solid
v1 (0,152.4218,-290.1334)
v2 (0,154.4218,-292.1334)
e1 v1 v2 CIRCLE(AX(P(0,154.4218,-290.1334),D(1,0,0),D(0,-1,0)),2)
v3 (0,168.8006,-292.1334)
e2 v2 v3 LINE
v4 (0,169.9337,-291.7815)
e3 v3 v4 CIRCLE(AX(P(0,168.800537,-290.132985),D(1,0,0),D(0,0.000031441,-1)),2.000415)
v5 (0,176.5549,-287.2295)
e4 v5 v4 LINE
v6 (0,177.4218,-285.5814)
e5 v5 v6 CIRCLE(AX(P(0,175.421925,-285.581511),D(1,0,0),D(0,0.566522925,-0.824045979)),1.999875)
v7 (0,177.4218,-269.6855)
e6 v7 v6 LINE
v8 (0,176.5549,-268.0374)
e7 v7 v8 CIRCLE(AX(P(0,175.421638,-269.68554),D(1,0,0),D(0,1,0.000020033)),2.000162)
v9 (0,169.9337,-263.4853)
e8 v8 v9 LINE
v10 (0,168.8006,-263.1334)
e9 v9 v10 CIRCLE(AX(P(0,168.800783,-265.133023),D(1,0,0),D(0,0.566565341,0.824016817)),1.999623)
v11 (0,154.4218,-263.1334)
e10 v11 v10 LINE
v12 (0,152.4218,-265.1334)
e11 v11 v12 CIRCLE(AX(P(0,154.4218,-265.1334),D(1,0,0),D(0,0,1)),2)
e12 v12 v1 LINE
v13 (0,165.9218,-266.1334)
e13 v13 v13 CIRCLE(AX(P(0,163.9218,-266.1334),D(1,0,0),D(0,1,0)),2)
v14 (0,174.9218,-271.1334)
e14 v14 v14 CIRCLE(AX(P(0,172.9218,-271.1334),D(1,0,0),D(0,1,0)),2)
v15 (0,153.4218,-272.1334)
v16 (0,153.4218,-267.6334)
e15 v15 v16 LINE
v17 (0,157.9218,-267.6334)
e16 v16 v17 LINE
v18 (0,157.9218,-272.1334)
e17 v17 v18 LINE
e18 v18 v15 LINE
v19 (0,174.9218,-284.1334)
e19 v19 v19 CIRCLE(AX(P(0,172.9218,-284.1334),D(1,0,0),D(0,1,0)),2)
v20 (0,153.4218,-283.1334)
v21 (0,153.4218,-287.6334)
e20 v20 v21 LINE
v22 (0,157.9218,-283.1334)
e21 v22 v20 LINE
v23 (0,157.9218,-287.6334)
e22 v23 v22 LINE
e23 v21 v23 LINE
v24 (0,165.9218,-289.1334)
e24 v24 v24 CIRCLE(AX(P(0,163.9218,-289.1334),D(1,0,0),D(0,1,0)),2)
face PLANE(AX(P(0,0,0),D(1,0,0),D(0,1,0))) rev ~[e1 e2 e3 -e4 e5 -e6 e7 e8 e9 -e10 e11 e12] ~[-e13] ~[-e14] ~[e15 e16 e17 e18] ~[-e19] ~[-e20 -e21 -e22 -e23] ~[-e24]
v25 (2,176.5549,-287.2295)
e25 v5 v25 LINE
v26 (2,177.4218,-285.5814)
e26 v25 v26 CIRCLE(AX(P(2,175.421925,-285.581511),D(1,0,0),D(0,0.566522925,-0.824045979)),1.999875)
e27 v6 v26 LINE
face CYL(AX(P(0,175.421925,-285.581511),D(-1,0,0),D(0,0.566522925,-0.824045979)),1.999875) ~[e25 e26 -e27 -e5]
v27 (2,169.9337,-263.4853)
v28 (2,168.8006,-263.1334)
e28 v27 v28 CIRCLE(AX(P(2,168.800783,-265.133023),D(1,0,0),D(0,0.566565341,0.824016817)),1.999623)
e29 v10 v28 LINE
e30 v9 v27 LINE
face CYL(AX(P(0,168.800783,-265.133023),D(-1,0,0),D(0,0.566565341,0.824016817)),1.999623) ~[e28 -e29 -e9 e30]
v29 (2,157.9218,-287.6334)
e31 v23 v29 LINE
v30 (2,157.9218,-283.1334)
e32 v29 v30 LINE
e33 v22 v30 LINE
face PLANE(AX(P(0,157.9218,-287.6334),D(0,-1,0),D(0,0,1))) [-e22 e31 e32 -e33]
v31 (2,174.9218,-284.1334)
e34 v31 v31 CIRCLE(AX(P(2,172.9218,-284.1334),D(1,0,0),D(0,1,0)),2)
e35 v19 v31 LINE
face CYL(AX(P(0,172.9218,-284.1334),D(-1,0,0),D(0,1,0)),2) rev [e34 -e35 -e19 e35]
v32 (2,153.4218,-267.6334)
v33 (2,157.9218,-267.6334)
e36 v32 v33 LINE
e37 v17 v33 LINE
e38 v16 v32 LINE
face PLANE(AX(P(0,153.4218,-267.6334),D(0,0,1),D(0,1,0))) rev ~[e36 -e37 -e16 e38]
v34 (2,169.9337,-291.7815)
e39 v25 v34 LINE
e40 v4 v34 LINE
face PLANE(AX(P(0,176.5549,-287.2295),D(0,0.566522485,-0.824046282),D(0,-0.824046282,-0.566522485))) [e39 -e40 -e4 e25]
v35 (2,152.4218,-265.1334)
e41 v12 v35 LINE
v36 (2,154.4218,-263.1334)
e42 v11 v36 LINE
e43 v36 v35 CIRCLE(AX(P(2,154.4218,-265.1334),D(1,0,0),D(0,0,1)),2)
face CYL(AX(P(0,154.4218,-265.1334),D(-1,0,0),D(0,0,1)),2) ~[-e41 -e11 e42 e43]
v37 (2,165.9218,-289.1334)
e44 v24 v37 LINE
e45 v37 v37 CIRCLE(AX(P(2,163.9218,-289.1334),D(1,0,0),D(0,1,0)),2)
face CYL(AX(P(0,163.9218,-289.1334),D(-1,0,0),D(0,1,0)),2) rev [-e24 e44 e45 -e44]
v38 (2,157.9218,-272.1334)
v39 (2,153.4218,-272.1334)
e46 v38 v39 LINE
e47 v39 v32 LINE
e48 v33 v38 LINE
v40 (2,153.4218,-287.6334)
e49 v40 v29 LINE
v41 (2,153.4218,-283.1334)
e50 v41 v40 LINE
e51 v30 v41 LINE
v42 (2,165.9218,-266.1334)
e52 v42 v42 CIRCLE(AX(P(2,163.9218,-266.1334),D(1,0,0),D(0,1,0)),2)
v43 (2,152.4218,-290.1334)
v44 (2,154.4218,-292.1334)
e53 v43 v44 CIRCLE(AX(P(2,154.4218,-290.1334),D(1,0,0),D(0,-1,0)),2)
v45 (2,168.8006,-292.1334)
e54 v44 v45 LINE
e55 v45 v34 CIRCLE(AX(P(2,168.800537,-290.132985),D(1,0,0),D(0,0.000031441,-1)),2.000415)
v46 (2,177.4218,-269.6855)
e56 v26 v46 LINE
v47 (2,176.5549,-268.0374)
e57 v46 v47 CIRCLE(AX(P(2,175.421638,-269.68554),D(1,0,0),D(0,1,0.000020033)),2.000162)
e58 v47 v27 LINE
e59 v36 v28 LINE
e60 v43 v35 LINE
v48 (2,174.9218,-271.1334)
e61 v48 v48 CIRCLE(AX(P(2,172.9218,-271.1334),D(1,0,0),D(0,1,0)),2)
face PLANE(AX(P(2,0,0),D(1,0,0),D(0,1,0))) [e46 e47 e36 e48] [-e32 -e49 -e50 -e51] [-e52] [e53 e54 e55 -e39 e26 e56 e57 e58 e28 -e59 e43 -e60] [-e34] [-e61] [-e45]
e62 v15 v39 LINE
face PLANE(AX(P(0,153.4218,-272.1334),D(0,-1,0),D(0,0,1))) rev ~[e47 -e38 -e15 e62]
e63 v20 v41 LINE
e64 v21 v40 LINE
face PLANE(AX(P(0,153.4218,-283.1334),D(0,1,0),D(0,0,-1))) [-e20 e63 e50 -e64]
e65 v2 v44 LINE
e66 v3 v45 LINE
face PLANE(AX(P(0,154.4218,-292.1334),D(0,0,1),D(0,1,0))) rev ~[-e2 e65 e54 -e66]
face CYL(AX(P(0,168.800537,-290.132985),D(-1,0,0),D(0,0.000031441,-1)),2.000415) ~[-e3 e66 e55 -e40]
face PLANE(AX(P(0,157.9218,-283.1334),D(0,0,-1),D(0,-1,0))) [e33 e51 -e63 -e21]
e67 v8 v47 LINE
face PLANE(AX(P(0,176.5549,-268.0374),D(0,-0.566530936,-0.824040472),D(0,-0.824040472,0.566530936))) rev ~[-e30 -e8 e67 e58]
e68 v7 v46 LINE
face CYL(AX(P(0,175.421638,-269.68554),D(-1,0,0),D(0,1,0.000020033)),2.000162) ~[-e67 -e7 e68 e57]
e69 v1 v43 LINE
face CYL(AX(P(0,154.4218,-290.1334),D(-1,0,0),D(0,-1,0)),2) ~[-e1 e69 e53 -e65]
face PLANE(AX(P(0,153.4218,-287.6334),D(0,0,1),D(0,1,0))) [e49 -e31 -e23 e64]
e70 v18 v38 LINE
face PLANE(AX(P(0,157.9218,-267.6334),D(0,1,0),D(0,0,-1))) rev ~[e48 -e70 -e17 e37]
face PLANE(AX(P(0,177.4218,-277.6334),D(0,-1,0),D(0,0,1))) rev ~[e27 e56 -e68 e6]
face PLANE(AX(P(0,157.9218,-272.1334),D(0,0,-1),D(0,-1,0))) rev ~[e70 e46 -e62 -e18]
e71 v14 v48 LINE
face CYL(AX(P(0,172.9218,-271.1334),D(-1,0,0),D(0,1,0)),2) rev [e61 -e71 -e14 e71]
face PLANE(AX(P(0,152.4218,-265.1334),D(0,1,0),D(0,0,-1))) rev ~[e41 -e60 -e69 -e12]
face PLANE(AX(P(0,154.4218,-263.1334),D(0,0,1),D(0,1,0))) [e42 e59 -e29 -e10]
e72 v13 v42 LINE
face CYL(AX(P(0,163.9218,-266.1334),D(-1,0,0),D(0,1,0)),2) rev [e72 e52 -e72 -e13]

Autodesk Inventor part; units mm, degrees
ref_plane "YZ Plane" through (0, 0, 0) normal (1, 0, 0) x (0, 1, 0)
ref_plane "XZ Plane" through (0, 0, 0) normal (0, 1, 0) x (-1, 0, 0)
ref_plane "XY Plane" through (0, 0, 0) normal (0, 0, 1) x (1, 0, 0)
sketch "Эскиз1" plane through (0, 0, 0) normal (1, 0, 0) x (0, 1, 0)
  line L0 (152.4218, -265.1334) -> (152.4218, -277.6334)
  line L1 (152.4218, -277.6334) -> (177.4218, -277.6334)
  line L2 (177.4218, -277.6334) -> (177.4218, -269.6855)
  line L3 (176.5549, -268.0374) -> (169.9337, -263.4853)
  line L4 (154.4218, -263.1334) -> (168.8006, -263.1334)
  line L5 (153.4218, -267.6334) -> (157.9218, -267.6334)
  line L6 (157.9218, -267.6334) -> (157.9218, -272.1334)
  line L7 (157.9218, -272.1334) -> (153.4218, -272.1334)
  line L8 (153.4218, -272.1334) -> (153.4218, -267.6334)
  line L9 (177.4218, -277.6334) -> (177.4218, -269.6855)
  line L10 (176.5549, -268.0374) -> (169.9337, -263.4853)
  circle A0 centre (163.9218, -266.1334) radius 2
  circle A1 centre (172.9218, -271.1334) radius 2
  arc A2 (154.4218, -263.1334) -> (152.4218, -265.1334) centre (154.4218, -265.1334) ccw
  arc A3 (169.9337, -263.4853) -> (168.8006, -263.1334) centre (168.8006, -265.1334) ccw
  arc A4 (177.4218, -269.6855) -> (176.5549, -268.0374) centre (175.4218, -269.6855) ccw
  line L11 (152.4218, -290.1334) -> (152.4218, -277.6334)
  line L12 (177.4218, -277.6334) -> (177.4218, -285.5814)
  line L13 (176.5549, -287.2295) -> (169.9337, -291.7815)
  circle A5 centre (172.9218, -284.1334) radius 2
  circle A6 centre (163.9218, -289.1334) radius 2
  line L14 (157.9218, -287.6334) -> (157.9218, -283.1334)
  line L15 (157.9218, -283.1334) -> (153.4218, -283.1334)
  line L16 (153.4218, -283.1334) -> (153.4218, -287.6334)
  line L17 (154.4218, -292.1334) -> (168.8006, -292.1334)
  line L18 (153.4218, -287.6334) -> (157.9218, -287.6334)
  arc A7 (152.4218, -290.1334) -> (154.4218, -292.1334) centre (154.4218, -290.1334) ccw
  arc A8 (168.8006, -292.1334) -> (169.9337, -291.7815) centre (168.8006, -290.1334) ccw
  arc A9 (176.5549, -287.2295) -> (177.4218, -285.5814) centre (175.4218, -285.5814) ccw
  dimension "d181" = 5.5
  dimension "d182" = 1
  dimension "d183" = 4.5
  dimension "d184" = 4.5
  dimension "d185" = 6
  dimension "d186" = 5
  dimension "d187" = 3
  dimension "d188" = 9
extrude "Выдавливание3" add sketch "Эскиз1" along normal blind 2
properties part number "Практика галактика"
